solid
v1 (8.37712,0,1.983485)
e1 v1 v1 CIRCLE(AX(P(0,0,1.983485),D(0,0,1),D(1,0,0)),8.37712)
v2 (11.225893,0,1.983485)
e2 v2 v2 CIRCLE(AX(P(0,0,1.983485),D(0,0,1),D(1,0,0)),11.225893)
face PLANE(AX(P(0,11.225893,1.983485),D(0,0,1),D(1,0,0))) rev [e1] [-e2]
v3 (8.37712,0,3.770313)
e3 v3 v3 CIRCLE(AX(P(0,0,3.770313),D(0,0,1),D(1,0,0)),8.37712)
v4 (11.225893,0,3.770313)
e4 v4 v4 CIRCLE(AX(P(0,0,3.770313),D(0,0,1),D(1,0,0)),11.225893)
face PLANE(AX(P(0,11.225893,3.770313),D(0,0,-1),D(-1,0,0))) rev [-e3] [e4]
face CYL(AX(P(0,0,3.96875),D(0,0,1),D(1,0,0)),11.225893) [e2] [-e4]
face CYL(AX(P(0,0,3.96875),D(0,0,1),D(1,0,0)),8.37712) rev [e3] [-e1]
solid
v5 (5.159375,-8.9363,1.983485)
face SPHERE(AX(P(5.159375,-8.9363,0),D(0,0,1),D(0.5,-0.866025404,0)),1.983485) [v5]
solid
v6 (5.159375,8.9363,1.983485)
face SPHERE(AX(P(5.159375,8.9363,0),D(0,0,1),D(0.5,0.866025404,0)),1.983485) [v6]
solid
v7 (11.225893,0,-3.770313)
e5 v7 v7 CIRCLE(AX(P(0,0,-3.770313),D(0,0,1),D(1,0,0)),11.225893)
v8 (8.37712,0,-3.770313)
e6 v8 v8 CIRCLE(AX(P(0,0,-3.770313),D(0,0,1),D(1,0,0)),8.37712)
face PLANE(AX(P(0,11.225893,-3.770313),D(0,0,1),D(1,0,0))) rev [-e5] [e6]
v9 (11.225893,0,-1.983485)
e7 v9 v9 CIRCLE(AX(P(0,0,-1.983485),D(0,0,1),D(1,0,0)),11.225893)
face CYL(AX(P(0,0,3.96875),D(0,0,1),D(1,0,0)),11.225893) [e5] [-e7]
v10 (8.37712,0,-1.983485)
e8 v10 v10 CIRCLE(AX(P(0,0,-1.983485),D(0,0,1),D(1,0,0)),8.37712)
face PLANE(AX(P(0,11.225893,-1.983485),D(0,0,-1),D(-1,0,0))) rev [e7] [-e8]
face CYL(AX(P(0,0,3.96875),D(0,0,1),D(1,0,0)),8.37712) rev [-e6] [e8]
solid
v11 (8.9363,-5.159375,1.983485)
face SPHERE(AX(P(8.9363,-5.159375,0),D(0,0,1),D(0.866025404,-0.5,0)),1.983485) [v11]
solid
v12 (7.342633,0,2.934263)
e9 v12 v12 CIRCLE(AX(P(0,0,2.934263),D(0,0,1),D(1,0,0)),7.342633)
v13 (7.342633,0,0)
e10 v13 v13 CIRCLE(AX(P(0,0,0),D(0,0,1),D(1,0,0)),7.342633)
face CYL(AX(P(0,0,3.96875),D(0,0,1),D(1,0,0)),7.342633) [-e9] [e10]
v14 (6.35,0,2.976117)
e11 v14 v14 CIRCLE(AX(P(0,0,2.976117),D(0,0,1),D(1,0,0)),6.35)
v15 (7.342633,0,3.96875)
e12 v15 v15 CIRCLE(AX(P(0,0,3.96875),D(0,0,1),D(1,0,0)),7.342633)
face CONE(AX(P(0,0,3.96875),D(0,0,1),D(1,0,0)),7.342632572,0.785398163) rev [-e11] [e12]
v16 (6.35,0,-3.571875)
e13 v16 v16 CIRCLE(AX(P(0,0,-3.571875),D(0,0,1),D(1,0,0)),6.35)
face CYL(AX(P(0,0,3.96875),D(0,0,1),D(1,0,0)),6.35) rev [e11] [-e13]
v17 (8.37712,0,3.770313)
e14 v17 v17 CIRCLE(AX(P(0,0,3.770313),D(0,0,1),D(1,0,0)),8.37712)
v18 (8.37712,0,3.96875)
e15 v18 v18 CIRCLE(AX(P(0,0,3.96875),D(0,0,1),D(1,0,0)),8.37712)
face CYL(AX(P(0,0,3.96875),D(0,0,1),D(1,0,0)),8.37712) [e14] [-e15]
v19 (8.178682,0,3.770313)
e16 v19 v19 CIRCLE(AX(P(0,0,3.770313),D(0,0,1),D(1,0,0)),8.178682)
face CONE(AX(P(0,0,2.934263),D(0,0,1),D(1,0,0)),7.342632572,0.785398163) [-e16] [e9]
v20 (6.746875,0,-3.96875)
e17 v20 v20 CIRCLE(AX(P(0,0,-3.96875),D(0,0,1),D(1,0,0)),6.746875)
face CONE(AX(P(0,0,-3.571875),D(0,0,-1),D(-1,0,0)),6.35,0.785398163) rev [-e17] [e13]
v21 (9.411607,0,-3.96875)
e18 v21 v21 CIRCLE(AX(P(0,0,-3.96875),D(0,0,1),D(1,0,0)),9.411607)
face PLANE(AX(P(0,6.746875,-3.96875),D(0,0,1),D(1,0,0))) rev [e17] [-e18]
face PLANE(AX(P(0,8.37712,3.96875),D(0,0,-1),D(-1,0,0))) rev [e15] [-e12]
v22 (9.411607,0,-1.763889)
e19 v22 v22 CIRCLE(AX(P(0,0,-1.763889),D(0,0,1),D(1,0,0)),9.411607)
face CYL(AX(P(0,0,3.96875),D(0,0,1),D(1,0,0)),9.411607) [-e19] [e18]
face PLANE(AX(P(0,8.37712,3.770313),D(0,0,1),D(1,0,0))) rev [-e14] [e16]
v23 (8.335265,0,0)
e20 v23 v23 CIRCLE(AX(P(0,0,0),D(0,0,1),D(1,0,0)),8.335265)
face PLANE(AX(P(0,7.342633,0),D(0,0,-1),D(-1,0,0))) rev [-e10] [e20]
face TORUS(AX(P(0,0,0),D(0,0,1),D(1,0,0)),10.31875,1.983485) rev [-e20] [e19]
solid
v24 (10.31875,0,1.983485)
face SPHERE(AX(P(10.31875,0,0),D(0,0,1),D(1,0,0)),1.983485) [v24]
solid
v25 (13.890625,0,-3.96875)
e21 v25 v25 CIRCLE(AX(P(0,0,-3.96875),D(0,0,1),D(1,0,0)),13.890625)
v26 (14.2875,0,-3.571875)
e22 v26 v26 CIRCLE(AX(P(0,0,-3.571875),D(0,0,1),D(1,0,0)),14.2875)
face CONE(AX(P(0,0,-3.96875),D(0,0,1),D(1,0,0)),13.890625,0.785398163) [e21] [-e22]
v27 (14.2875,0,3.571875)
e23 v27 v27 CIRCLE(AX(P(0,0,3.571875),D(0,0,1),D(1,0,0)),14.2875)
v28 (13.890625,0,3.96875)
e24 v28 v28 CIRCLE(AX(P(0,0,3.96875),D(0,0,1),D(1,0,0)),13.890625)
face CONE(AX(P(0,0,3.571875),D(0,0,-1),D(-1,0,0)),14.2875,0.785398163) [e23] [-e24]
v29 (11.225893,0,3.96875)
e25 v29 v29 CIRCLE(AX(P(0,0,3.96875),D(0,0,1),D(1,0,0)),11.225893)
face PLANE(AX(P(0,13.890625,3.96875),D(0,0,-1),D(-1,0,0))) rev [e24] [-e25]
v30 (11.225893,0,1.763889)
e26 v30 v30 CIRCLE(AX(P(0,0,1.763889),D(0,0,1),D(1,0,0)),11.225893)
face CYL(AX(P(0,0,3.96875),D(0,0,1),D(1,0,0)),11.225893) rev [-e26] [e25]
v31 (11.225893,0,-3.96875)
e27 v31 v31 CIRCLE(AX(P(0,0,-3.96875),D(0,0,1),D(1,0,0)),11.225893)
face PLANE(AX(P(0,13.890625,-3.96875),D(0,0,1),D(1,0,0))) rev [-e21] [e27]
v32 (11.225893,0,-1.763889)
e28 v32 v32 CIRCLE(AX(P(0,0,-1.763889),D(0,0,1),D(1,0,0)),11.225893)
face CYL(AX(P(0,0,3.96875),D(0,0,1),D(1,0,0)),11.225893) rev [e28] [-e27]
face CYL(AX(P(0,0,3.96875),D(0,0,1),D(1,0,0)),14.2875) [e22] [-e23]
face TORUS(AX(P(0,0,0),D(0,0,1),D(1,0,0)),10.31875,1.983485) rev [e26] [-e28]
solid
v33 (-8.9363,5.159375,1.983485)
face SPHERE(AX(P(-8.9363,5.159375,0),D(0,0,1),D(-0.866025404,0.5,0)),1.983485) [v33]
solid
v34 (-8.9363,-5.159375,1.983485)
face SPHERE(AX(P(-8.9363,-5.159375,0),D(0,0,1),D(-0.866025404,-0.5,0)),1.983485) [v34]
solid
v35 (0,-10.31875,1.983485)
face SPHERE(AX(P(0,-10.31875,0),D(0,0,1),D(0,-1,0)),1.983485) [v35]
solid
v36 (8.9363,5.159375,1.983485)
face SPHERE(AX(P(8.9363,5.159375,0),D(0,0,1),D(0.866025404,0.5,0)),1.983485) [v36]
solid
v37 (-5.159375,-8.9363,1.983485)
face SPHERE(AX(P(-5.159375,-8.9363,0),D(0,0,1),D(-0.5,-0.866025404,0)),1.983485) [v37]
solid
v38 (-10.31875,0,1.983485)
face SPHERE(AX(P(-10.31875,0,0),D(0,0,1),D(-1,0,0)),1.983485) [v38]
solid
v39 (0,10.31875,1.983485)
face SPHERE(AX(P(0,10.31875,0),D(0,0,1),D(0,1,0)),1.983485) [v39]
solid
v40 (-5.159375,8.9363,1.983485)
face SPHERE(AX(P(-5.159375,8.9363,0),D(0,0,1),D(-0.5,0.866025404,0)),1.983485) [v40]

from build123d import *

# Parameters (mm, degrees)
CIRPATTERN1_COUNT = 12
SKETCH5_W         = 1.786827644
SKETCH5_H         = 2.848773


with BuildPart() as part:
    # Sketch1 → Revolve1 (revolve)
    with BuildSketch(Plane(origin=(0, 0, 0), x_dir=(0, 0, -1), z_dir=(1, 0, 0))):
        with BuildLine():
            Line((3.571875, 14.2875), (-3.571875, 14.2875))
            Line((-3.571875, 14.2875), (-3.96875, 13.890625))
            Line((-3.96875, 13.890625), (-3.96875, 11.225892857))
            Line((-3.96875, 11.225892857), (-1.763888889, 11.225892857))
            ThreePointArc((-1.763888889, 11.225892857), (0, 12.302234856), (1.763888889, 11.225892857))
            Line((1.763888889, 11.225892857), (3.96875, 11.225892857))
            Line((3.96875, 11.225892857), (3.96875, 13.890625))
            Line((3.96875, 13.890625), (3.571875, 14.2875))
        make_face()
    revolve(axis=Axis((0, 0, 3.96875), (0, 0, -1)))


with BuildPart() as body_2:
    # Sketch3 → Revolve3 (revolve)
    with BuildSketch(Plane(origin=(0, 0, 0), x_dir=(0, 0, -1), z_dir=(1, 0, 0))):
        with BuildLine():
            Line((-3.7703125, 8.178682357), (-2.934262714, 7.342632572))
            Line((-2.934262714, 7.342632572), (0, 7.342632572))
            Line((0, 7.342632572), (0, 8.335265144))
            ThreePointArc((0, 8.335265144), (1.033176668, 8.625599638), (1.763888889, 9.411607143))
            Line((1.763888889, 9.411607143), (3.96875, 9.411607143))
            Line((3.96875, 9.411607143), (3.96875, 6.746875))
            Line((3.96875, 6.746875), (3.571875, 6.35))
            Line((3.571875, 6.35), (-2.976117428, 6.35))
            Line((-2.976117428, 6.35), (-3.96875, 7.342632572))
            Line((-3.96875, 7.342632572), (-3.96875, 8.377119857))
            Line((-3.96875, 8.377119857), (-3.7703125, 8.377119857))
            Line((-3.7703125, 8.377119857), (-3.7703125, 8.178682357))
        make_face()
    revolve(axis=Axis((0, 0, 3.96875), (0, 0, -1)))


with BuildPart() as body_3:
    # Sketch4 → Revolve4 (revolve)
    with BuildSketch(Plane(origin=(0, 0, 0), x_dir=(0, 0, -1), z_dir=(1, 0, 0))):
        with BuildLine():
            Line((-1.983484856, 10.31875), (1.983484856, 10.31875))
            ThreePointArc((1.983484856, 10.31875), (0, 12.302234856), (-1.983484856, 10.31875))
        make_face()
    revolve(axis=Axis((0, 10.31875, 1.983484856), (0, 0, -1)))


with BuildPart() as cirpattern1_1:
    # CirPattern1: pattern copy
    add(body_3.part.rotate(Axis((0, 0, -3.96875), (0, 0, 1)), 1 * 360 / CIRPATTERN1_COUNT))


with BuildPart() as cirpattern1_2:
    # CirPattern1: pattern copy
    add(body_3.part.rotate(Axis((0, 0, -3.96875), (0, 0, 1)), 2 * 360 / CIRPATTERN1_COUNT))


with BuildPart() as cirpattern1_3:
    # CirPattern1: pattern copy
    add(body_3.part.rotate(Axis((0, 0, -3.96875), (0, 0, 1)), 3 * 360 / CIRPATTERN1_COUNT))


with BuildPart() as cirpattern1_4:
    # CirPattern1: pattern copy
    add(body_3.part.rotate(Axis((0, 0, -3.96875), (0, 0, 1)), 4 * 360 / CIRPATTERN1_COUNT))


with BuildPart() as cirpattern1_5:
    # CirPattern1: pattern copy
    add(body_3.part.rotate(Axis((0, 0, -3.96875), (0, 0, 1)), 5 * 360 / CIRPATTERN1_COUNT))


with BuildPart() as cirpattern1_6:
    # CirPattern1: pattern copy
    add(body_3.part.rotate(Axis((0, 0, -3.96875), (0, 0, 1)), 6 * 360 / CIRPATTERN1_COUNT))


with BuildPart() as cirpattern1_7:
    # CirPattern1: pattern copy
    add(body_3.part.rotate(Axis((0, 0, -3.96875), (0, 0, 1)), 7 * 360 / CIRPATTERN1_COUNT))


with BuildPart() as cirpattern1_8:
    # CirPattern1: pattern copy
    add(body_3.part.rotate(Axis((0, 0, -3.96875), (0, 0, 1)), 8 * 360 / CIRPATTERN1_COUNT))


with BuildPart() as cirpattern1_9:
    # CirPattern1: pattern copy
    add(body_3.part.rotate(Axis((0, 0, -3.96875), (0, 0, 1)), 9 * 360 / CIRPATTERN1_COUNT))


with BuildPart() as cirpattern1_10:
    # CirPattern1: pattern copy
    add(body_3.part.rotate(Axis((0, 0, -3.96875), (0, 0, 1)), 10 * 360 / CIRPATTERN1_COUNT))


with BuildPart() as cirpattern1_11:
    # CirPattern1: pattern copy
    add(body_3.part.rotate(Axis((0, 0, -3.96875), (0, 0, 1)), 11 * 360 / CIRPATTERN1_COUNT))


with BuildPart() as body_15:
    # Sketch5 → Revolve5 (revolve)
    with BuildSketch(Plane(origin=(0, 0, 0), x_dir=(0, 0, -1), z_dir=(1, 0, 0))):
        with Locations((-2.876898678, 9.801506357)):
            Rectangle(SKETCH5_W, SKETCH5_H)
        with Locations((2.876898678, 9.801506357)):
            Rectangle(SKETCH5_W, SKETCH5_H)
    revolve(axis=Axis((0, 0, 3.96875), (0, 0, -1)))


solid = Compound([part.part, body_2.part, body_3.part, cirpattern1_1.part, cirpattern1_2.part, cirpattern1_3.part, cirpattern1_4.part, cirpattern1_5.part, cirpattern1_6.part, cirpattern1_7.part, cirpattern1_8.part, cirpattern1_9.part, cirpattern1_10.part, cirpattern1_11.part, body_15.part])
